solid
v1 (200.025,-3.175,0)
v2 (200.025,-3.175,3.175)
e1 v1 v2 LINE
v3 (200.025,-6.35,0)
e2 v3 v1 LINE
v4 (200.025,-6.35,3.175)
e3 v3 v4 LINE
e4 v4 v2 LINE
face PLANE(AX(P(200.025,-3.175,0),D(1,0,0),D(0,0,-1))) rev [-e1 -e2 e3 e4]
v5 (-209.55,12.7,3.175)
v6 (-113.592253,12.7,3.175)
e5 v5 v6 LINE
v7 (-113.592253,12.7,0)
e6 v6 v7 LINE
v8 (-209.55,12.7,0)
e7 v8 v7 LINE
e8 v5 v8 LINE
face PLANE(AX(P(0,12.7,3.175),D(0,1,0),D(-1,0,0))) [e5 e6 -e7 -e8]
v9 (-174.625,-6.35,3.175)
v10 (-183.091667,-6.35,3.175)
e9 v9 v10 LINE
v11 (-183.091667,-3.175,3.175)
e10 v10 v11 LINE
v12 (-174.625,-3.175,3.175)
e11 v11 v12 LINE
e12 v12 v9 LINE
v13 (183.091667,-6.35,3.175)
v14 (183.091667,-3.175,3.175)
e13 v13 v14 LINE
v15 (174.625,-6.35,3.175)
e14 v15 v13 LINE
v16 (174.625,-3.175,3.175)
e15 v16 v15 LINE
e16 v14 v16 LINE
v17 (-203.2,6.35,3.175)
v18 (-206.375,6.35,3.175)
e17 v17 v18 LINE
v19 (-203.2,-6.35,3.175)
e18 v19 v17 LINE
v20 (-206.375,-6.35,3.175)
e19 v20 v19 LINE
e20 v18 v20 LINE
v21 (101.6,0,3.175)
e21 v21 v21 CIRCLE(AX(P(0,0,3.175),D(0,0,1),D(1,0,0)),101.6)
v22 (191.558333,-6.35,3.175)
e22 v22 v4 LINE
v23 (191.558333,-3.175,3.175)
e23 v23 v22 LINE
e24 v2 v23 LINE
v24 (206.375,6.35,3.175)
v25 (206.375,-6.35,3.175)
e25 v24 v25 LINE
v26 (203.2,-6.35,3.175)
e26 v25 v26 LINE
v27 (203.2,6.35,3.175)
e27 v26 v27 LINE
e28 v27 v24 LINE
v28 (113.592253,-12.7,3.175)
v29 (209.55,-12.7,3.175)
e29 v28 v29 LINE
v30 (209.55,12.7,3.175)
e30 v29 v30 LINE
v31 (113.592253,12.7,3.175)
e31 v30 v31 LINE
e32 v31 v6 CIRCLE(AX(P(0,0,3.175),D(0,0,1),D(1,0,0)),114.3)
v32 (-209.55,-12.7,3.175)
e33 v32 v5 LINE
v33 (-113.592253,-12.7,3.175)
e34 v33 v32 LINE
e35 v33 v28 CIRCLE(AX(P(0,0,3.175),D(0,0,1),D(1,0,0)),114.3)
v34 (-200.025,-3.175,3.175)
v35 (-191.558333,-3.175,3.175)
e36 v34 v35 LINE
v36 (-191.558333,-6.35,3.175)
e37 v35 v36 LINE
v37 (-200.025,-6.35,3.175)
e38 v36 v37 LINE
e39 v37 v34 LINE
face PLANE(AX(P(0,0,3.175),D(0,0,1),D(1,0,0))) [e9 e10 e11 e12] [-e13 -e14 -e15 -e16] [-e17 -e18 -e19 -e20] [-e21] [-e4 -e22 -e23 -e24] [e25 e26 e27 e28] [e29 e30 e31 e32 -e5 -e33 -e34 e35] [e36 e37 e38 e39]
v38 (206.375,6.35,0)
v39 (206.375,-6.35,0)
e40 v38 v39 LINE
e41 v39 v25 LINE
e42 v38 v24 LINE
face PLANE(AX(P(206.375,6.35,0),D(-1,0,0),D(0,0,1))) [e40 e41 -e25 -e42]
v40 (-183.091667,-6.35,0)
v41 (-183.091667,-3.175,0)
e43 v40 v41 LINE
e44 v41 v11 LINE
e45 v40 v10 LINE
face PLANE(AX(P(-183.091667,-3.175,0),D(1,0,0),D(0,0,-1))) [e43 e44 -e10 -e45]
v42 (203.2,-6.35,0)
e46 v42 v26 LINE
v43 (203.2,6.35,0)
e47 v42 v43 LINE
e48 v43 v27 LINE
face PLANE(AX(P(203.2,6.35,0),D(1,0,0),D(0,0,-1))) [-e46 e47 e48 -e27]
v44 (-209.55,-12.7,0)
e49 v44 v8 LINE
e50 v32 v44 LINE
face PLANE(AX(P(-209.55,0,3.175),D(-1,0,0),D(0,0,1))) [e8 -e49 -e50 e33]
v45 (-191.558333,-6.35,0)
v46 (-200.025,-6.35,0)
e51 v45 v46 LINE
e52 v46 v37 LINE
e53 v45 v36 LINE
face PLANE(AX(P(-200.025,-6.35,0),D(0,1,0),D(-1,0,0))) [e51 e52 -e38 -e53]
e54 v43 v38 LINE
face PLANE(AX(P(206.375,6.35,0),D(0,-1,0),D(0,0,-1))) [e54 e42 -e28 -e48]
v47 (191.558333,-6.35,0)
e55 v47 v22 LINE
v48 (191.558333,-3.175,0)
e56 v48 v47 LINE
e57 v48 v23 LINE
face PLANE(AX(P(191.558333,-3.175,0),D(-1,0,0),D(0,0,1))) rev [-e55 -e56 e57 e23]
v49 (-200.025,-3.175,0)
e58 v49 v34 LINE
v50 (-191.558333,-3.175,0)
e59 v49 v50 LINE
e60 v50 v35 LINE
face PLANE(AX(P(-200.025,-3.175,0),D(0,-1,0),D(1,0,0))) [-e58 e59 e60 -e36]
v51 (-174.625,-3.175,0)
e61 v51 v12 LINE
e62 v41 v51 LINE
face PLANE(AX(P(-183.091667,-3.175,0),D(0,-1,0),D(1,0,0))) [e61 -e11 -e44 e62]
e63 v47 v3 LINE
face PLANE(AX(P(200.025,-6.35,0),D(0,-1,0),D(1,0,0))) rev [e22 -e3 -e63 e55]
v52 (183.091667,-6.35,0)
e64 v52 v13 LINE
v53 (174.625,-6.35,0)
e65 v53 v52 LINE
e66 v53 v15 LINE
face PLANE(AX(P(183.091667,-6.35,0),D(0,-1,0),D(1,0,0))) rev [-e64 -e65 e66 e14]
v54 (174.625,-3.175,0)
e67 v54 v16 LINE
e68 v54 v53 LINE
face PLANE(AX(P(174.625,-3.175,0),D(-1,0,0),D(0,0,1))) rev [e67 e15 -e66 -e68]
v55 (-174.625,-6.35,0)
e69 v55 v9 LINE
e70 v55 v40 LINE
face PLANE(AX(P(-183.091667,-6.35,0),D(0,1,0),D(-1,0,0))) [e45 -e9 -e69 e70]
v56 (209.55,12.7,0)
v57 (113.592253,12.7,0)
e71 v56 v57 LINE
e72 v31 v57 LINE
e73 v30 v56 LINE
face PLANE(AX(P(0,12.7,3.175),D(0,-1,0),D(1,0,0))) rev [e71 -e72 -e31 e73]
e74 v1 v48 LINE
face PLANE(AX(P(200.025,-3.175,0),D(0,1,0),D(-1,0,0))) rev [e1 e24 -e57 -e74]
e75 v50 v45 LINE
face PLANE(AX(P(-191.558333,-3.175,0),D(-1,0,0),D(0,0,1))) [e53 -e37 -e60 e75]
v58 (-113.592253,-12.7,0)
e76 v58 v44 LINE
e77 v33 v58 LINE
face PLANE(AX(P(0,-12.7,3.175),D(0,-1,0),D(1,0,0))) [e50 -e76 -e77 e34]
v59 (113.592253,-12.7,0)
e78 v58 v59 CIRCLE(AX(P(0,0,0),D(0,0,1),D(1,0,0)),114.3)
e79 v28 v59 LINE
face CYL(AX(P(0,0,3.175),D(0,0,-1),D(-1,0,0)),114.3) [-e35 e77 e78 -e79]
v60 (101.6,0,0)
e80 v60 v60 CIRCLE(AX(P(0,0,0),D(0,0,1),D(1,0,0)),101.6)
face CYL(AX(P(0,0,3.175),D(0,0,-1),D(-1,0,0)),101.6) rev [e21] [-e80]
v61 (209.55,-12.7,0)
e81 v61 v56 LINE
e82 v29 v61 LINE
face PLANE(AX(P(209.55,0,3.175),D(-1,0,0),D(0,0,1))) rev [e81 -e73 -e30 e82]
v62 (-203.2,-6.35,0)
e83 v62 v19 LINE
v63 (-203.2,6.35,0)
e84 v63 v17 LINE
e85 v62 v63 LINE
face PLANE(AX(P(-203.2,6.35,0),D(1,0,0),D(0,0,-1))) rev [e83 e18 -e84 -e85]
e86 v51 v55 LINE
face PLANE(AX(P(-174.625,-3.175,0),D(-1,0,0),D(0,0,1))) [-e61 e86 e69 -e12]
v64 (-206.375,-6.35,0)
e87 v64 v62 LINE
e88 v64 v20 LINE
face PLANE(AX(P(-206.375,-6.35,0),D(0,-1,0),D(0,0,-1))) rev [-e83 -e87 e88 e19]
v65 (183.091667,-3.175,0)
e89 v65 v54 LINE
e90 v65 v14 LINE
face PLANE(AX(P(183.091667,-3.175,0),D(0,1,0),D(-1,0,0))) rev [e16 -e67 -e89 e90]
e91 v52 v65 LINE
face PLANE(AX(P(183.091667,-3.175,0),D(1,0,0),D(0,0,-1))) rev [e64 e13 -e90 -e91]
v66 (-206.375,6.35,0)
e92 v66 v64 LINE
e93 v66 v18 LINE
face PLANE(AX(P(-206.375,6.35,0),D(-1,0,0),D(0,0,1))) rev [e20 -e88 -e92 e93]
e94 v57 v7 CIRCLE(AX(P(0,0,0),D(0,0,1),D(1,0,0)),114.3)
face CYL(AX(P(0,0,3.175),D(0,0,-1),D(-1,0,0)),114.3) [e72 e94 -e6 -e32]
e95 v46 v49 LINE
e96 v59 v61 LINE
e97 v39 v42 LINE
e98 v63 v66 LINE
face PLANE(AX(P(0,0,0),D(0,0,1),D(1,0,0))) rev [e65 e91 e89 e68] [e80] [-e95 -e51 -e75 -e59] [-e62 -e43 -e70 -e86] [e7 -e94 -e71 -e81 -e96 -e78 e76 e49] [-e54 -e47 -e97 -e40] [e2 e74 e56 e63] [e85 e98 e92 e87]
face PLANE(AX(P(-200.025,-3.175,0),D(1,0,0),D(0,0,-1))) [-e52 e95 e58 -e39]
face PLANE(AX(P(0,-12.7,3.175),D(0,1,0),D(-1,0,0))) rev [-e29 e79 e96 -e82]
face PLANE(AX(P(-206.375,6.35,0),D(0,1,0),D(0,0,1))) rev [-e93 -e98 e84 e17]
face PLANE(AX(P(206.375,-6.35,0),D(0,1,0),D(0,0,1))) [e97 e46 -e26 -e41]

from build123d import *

# Parameters (mm, degrees)
SKETCH1_R           = 114.3
SKETCH1_R_2         = 101.6
BOSS_EXTRUDE1_DEPTH = 3.175
SKETCH2_W           = 3.175
SKETCH2_H           = 12.7
CUT_EXTRUDE1_DEPTH  = 3.175
SKETCH3_W           = 8.466666667
SKETCH3_H           = 3.175
CUT_EXTRUDE2_DEPTH  = 3.175


with BuildPart() as part:
    # Sketch1 → Boss-Extrude1 (new body)
    # profile 1 of 3: a face of its own
    with BuildSketch(Plane.XY):
        with BuildLine():
            Line((-209.55, -12.7), (-113.592253257, -12.7))
            ThreePointArc((-113.592253257, -12.7), (-114.3, 0), (-113.592253257, 12.7))
            Line((-113.592253257, 12.7), (-209.55, 12.7))
            Line((-209.55, 12.7), (-209.55, -12.7))
        make_face()
    # profile 2 of 3: a face of its own
    with BuildSketch(Plane.XY):
        Circle(SKETCH1_R)
        Circle(SKETCH1_R_2, mode=Mode.SUBTRACT)
    # profile 3 of 3: a face of its own
    with BuildSketch(Plane.XY):
        with BuildLine():
            ThreePointArc((114.3, 0), (114.122926153, -6.3598527), (113.592253257, -12.7))
            Line((113.592253257, -12.7), (209.55, -12.7))
            Line((209.55, -12.7), (209.55, 12.7))
            Line((209.55, 12.7), (113.592253257, 12.7))
            ThreePointArc((113.592253257, 12.7), (114.122926153, 6.3598527), (114.3, 0))
        make_face()
    extrude(amount=BOSS_EXTRUDE1_DEPTH)

    # Sketch2 → Cut-Extrude1 (cut)
    with BuildSketch(Plane.XY.offset(3.175)):
        with Locations((-204.7875, 0)):
            Rectangle(SKETCH2_W, SKETCH2_H)
    cut_extrude1 = extrude(amount=-CUT_EXTRUDE1_DEPTH, mode=Mode.SUBTRACT)

    # Mirror1: Cut-Extrude1 across plane
    add(cut_extrude1.mirror(Plane(origin=(0, 0, 0), x_dir=(0, 0, 1), z_dir=(1, 0, 0))), mode=Mode.SUBTRACT)

    # Sketch3 → Cut-Extrude2 (cut)
    with BuildSketch(Plane.XY.offset(3.175)):
        with Locations((195.791666667, -4.7625)):
            Rectangle(SKETCH3_W, SKETCH3_H)
        with Locations((178.858333334, -4.7625)):
            Rectangle(SKETCH3_W, SKETCH3_H)
    cut_extrude2 = extrude(amount=-CUT_EXTRUDE2_DEPTH, mode=Mode.SUBTRACT)

    # Mirror2: Cut-Extrude2 across plane
    add(cut_extrude2.mirror(Plane(origin=(0, 0, 0), x_dir=(0, 0, 1), z_dir=(1, 0, 0))), mode=Mode.SUBTRACT)


solid = part.part
